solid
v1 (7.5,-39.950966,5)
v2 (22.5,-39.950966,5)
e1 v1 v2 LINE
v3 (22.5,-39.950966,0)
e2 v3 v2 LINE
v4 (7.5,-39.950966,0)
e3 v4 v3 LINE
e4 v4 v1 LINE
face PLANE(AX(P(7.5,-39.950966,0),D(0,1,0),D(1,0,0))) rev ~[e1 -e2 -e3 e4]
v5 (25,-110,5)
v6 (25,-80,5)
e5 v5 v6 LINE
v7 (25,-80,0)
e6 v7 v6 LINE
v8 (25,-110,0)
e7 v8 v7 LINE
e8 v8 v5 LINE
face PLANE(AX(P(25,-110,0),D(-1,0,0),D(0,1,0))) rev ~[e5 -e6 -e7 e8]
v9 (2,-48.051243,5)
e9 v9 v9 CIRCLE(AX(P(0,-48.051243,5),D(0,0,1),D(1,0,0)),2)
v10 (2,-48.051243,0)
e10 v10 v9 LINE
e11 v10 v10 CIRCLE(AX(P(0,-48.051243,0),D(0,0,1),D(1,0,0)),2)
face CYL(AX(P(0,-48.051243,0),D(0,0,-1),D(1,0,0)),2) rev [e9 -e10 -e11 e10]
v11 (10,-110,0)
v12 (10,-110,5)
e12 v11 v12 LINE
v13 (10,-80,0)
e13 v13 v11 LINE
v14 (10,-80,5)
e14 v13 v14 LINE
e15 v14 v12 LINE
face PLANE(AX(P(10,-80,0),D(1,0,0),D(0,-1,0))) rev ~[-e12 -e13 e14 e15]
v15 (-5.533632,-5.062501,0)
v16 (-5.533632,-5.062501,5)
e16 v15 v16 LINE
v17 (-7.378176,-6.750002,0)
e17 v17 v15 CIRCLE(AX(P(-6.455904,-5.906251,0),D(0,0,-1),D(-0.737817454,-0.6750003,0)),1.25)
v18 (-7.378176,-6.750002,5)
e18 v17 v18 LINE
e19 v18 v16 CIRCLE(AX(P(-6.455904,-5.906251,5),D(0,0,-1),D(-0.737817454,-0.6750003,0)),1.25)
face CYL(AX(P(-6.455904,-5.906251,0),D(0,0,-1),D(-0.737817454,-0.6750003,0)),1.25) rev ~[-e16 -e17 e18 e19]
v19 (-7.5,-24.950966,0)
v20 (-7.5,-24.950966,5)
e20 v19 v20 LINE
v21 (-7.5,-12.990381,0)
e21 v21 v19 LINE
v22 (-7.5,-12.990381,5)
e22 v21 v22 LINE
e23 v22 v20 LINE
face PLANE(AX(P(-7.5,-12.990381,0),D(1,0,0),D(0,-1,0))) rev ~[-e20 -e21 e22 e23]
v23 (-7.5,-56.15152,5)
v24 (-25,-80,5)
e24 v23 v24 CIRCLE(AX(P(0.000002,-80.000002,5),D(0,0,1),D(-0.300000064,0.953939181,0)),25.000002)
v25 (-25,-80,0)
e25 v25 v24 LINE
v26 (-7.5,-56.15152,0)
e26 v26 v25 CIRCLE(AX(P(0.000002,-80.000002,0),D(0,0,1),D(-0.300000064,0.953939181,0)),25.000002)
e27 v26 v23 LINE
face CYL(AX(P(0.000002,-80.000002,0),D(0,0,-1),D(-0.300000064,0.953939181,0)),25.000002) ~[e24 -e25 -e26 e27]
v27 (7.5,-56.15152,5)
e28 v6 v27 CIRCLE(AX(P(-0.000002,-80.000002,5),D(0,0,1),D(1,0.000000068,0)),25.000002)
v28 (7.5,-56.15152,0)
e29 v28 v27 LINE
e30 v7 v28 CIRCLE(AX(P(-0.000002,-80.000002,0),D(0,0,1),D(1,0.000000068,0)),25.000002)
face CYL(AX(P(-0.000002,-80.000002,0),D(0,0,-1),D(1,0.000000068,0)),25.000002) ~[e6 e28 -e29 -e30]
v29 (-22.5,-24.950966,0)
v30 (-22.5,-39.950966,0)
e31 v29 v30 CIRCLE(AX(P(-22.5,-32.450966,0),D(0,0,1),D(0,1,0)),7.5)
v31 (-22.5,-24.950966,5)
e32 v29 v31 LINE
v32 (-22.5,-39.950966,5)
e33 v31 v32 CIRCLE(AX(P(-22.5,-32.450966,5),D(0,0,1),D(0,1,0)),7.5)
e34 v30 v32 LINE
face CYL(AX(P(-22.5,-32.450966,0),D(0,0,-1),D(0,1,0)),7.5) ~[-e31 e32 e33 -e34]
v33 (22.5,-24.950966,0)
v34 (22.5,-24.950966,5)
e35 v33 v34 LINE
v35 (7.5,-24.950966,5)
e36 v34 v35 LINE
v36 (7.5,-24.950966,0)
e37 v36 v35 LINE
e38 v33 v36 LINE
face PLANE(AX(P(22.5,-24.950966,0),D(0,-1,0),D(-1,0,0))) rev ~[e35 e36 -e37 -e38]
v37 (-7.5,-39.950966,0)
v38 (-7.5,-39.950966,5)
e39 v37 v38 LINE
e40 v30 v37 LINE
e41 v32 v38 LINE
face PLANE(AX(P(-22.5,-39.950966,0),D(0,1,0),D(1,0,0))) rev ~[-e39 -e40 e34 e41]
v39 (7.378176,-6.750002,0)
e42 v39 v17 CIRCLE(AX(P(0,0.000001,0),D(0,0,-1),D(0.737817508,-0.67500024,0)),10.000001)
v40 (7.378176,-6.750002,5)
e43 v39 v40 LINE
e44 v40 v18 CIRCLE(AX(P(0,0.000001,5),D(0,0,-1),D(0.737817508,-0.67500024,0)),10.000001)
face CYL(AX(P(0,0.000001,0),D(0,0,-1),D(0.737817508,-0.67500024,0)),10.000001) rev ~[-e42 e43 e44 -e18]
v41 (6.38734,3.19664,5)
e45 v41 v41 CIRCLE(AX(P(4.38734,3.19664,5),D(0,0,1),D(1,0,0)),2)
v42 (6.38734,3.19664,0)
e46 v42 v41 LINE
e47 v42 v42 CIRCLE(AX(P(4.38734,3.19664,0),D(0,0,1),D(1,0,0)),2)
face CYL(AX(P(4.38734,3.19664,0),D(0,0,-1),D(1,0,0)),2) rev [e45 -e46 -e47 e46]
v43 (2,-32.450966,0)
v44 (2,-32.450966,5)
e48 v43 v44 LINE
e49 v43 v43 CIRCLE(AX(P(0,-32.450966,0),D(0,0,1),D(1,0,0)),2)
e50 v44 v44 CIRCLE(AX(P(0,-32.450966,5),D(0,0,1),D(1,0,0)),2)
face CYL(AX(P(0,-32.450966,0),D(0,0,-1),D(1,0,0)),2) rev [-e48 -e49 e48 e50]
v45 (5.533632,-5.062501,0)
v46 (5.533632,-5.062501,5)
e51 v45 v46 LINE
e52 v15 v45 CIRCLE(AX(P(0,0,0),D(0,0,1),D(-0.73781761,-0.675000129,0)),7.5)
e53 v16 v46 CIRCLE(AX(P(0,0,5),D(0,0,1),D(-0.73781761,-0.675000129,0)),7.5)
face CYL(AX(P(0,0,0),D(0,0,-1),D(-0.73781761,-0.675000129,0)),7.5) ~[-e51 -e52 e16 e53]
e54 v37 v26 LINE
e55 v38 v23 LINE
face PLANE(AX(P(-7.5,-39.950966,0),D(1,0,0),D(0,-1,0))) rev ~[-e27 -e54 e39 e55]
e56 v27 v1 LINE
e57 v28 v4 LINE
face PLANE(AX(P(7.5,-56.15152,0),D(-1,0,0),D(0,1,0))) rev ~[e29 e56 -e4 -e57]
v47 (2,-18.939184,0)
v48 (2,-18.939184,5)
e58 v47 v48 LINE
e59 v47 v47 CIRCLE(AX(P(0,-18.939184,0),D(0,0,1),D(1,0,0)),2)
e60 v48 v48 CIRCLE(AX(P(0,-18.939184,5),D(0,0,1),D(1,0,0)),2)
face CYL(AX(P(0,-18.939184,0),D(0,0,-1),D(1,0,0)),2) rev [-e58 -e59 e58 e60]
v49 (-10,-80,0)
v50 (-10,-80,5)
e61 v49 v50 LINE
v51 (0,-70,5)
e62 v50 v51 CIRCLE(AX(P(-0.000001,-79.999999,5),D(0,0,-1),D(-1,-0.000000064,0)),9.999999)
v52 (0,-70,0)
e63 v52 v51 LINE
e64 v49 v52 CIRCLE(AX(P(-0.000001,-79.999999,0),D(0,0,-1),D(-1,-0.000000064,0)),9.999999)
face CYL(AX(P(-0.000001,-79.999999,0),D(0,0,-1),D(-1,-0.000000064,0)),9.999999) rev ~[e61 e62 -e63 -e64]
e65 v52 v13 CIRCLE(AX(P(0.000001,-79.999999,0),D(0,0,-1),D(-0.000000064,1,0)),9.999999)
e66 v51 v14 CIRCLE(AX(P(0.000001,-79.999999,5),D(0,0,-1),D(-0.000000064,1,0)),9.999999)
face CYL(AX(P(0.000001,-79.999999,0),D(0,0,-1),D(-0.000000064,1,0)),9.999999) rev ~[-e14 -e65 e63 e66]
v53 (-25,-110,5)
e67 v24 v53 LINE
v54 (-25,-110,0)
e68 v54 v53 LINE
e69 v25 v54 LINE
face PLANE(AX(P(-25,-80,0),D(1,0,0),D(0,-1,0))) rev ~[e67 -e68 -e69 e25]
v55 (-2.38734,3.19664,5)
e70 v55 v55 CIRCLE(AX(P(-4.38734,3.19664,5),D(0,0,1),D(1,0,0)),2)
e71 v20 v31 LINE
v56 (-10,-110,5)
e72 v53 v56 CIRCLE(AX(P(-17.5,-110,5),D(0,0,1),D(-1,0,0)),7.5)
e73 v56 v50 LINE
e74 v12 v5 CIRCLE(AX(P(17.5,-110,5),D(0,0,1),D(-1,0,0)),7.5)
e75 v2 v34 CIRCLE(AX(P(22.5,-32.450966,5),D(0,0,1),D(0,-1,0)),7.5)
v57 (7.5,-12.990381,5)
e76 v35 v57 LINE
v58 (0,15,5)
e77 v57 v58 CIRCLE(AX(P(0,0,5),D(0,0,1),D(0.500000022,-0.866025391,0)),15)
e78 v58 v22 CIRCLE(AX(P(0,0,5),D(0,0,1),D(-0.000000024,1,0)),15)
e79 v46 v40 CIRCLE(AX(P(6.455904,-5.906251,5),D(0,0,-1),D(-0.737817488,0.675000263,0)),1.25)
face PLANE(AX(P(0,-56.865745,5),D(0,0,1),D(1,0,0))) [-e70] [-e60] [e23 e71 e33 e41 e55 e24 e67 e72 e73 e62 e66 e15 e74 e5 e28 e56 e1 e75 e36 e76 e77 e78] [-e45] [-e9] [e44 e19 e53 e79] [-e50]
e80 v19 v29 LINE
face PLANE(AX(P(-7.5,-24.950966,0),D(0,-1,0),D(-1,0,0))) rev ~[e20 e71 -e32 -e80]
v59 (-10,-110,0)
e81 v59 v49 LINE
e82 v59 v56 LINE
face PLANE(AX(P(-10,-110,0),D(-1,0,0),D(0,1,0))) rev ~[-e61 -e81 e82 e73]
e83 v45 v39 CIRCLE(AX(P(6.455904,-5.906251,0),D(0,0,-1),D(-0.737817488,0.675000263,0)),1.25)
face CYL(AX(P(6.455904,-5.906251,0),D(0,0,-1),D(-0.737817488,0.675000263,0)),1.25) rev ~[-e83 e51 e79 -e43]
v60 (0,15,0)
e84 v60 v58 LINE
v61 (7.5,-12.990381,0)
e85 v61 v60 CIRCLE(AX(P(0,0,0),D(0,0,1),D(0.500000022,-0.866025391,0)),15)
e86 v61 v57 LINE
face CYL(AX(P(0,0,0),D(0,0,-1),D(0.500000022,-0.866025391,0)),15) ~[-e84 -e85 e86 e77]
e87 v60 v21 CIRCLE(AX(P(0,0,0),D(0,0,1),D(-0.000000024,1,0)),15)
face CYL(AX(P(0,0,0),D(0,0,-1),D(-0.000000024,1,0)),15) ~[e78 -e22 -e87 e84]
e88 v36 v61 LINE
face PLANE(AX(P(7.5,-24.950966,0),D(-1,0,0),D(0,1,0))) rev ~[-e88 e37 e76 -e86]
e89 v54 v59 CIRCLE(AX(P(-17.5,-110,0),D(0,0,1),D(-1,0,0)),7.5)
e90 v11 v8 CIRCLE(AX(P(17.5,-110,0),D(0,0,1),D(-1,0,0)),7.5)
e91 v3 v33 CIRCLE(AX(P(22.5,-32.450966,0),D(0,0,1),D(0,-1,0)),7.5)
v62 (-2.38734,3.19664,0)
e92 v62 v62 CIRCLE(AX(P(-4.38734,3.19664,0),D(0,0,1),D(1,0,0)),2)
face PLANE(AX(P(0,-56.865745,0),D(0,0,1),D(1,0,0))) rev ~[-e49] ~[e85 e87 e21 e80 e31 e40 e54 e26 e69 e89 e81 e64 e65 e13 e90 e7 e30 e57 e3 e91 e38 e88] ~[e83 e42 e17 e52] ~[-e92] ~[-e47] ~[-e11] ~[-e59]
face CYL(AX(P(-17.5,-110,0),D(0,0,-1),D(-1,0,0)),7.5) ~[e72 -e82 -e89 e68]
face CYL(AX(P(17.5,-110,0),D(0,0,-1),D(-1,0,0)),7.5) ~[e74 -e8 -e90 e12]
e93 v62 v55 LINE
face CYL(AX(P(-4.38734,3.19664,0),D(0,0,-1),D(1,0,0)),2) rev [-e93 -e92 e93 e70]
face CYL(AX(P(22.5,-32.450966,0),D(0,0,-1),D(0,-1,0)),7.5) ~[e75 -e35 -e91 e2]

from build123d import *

# Parameters (mm, degrees)
F0_R     = 2
F1_DEPTH = 5


with BuildPart() as f1:
    # F0 (on Top) → F1 (new body)
    with BuildSketch(Plane.XY):
        with BuildLine():
            ThreePointArc((7.5, -12.990381), (14.488887, 3.882286), (0, 15))
            ThreePointArc((0, 15), (-14.488887, 3.882286), (-7.5, -12.990381))
            Line((-7.5, -12.990381), (-7.5, -24.950966))
            Line((-7.5, -24.950966), (-22.5, -24.950966))
            ThreePointArc((-22.5, -24.950966), (-30, -32.450966), (-22.5, -39.950966))
            Line((-22.5, -39.950966), (-7.5, -39.950966))
            Line((-7.5, -39.950966), (-7.5, -56.15152))
            ThreePointArc((-7.5, -56.15152), (-20.155644, -65.209801), (-25, -80))
            Line((-25, -80), (-25, -110))
            ThreePointArc((-25, -110), (-17.5, -117.5), (-10, -110))
            Line((-10, -110), (-10, -80))
            ThreePointArc((-10, -80), (-7.071068, -72.928932), (0, -70))
            ThreePointArc((0, -70), (7.071068, -72.928932), (10, -80))
            Line((10, -80), (10, -110))
            ThreePointArc((10, -110), (17.5, -117.5), (25, -110))
            Line((25, -110), (25, -80))
            ThreePointArc((25, -80), (20.155644, -65.209801), (7.5, -56.15152))
            Line((7.5, -56.15152), (7.5, -39.950966))
            Line((7.5, -39.950966), (22.5, -39.950966))
            ThreePointArc((22.5, -39.950966), (30, -32.450966), (22.5, -24.950966))
            Line((22.5, -24.950966), (7.5, -24.950966))
            Line((7.5, -24.950966), (7.5, -12.990381))
        make_face()
        with Locations((-4.38734, 3.19664)):
            Circle(F0_R, mode=Mode.SUBTRACT)
        with Locations((0, -48.051243)):
            Circle(F0_R, mode=Mode.SUBTRACT)
        with Locations((0, -32.450966)):
            Circle(F0_R, mode=Mode.SUBTRACT)
        with Locations((0, -18.939184)):
            Circle(F0_R, mode=Mode.SUBTRACT)
        with BuildLine():
            ThreePointArc((7.378176, -6.750002), (0, -10), (-7.378176, -6.750002))
            ThreePointArc((-7.378176, -6.750002), (-7.299654, -4.983979), (-5.533632, -5.062501))
            ThreePointArc((-5.533632, -5.062501), (0, -7.5), (5.533632, -5.062501))
            ThreePointArc((5.533632, -5.062501), (7.299654, -4.983979), (7.378176, -6.750002))
        make_face(mode=Mode.SUBTRACT)
        with Locations((4.38734, 3.19664)):
            Circle(F0_R, mode=Mode.SUBTRACT)
    extrude(amount=F1_DEPTH)


solid = f1.part
